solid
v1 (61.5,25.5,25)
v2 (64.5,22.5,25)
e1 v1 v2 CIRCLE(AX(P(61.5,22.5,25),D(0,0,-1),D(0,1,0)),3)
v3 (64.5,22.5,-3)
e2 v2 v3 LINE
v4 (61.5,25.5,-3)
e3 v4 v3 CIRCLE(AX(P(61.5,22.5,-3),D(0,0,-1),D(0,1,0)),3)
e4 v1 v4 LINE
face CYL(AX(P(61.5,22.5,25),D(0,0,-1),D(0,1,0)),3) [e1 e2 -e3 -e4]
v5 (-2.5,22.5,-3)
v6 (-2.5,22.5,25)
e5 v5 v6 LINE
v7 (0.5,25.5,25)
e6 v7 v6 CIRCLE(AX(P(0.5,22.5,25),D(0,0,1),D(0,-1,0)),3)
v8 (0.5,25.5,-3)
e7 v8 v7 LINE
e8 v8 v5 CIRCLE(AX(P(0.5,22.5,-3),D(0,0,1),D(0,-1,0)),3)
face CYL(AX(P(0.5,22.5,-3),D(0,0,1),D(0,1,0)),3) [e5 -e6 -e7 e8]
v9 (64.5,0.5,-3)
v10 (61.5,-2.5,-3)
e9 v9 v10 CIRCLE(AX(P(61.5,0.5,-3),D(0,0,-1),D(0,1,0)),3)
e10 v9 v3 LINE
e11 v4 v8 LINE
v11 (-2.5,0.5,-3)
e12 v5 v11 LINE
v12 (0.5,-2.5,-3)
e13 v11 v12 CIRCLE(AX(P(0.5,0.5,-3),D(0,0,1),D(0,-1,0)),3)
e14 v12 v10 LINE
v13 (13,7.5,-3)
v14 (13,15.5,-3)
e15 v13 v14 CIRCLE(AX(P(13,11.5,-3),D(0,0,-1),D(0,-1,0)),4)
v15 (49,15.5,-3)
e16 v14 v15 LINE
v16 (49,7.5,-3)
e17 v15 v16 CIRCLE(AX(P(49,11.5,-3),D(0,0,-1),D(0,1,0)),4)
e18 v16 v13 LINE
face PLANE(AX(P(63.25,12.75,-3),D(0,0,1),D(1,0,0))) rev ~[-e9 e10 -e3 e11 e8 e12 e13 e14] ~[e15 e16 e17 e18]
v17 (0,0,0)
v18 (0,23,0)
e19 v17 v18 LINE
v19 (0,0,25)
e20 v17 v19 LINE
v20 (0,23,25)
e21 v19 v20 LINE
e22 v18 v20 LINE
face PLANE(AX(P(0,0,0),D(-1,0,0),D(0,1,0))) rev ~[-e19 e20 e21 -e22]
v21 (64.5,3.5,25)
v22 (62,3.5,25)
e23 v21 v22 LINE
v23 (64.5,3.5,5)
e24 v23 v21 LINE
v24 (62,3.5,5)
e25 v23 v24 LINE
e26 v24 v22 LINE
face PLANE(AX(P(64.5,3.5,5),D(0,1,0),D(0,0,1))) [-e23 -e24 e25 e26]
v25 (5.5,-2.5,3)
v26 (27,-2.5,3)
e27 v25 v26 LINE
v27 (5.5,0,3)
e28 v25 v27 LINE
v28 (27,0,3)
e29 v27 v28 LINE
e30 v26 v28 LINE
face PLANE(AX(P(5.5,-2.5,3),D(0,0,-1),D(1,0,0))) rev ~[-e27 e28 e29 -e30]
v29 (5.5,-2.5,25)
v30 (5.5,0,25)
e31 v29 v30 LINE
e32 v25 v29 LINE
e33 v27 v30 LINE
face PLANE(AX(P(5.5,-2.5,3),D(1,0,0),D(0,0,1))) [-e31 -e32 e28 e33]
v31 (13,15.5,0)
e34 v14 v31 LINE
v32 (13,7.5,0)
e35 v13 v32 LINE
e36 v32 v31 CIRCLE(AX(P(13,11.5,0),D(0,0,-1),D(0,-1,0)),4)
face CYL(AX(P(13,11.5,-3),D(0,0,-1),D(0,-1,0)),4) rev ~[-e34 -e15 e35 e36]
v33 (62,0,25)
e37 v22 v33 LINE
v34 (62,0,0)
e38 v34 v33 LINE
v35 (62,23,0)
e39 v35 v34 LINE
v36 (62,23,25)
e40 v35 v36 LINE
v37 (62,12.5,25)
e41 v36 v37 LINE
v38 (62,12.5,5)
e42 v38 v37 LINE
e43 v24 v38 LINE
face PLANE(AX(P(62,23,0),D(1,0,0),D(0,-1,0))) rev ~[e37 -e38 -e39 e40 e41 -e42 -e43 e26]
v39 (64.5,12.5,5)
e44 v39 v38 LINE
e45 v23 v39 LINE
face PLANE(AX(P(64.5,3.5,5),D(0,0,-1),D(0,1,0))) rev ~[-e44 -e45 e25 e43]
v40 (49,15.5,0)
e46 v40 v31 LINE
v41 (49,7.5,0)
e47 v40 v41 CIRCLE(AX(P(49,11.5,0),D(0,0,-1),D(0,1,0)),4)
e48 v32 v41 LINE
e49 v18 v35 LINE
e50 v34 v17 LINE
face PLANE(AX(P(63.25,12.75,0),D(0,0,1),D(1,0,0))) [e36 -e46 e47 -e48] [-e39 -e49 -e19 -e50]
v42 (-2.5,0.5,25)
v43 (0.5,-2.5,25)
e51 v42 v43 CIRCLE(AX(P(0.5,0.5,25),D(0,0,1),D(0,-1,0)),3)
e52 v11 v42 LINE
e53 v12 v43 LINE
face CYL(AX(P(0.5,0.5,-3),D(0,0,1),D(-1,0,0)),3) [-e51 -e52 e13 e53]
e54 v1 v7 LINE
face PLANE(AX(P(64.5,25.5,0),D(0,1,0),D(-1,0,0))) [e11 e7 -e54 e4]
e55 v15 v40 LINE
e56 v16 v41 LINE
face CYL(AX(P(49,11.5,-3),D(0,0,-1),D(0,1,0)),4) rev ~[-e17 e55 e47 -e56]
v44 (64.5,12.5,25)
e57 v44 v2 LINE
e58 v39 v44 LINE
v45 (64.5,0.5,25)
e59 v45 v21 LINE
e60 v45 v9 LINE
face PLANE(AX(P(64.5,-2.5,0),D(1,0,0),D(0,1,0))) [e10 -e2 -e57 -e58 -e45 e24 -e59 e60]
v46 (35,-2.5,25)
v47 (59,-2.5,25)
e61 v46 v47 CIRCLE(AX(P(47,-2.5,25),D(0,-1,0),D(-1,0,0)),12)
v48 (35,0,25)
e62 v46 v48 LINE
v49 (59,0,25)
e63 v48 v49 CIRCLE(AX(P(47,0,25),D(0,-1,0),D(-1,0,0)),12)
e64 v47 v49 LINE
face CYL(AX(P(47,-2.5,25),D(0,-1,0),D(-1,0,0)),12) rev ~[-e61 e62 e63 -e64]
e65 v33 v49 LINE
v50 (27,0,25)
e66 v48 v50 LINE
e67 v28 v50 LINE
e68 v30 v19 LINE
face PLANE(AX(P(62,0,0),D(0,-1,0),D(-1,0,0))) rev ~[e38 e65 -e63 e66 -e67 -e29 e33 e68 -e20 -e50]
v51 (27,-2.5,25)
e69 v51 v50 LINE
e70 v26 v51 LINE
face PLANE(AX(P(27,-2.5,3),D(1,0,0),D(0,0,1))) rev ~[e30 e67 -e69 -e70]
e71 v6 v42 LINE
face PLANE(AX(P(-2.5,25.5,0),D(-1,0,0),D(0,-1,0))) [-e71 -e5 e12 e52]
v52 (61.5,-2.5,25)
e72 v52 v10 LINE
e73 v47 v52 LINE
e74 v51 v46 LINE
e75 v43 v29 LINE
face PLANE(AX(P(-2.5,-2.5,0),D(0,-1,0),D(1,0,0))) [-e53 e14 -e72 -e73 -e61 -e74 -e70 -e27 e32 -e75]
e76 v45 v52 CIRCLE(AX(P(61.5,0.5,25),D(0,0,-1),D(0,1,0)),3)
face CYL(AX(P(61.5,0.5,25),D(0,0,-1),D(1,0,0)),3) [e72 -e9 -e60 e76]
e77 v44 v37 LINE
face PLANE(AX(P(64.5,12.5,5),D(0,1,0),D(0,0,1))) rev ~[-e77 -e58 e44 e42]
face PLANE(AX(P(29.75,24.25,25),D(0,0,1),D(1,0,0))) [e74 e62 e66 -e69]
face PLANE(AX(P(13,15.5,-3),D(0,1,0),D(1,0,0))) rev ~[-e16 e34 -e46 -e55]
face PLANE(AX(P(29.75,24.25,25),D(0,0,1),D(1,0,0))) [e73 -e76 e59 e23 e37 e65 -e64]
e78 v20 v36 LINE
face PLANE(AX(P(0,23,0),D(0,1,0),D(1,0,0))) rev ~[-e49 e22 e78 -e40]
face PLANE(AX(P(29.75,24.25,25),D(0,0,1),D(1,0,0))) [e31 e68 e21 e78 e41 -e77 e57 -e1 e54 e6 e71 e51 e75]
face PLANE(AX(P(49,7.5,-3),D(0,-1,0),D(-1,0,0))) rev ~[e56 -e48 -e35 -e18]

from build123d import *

# Parameters (mm, degrees)
F1_DEPTH = 25
F0_W     = 62
F0_H     = 23
F2_DEPTH = 3
F4_DEPTH = 25
F5_W     = 21.5
F5_H     = 22
F6_DEPTH = 3
F7_W     = 9
F7_H     = 20
F8_DEPTH = 5
F9_R     = 3


with BuildPart() as f1:
    # F0 (on Top) → F1 (new body)
    with BuildSketch(Plane.XY):
        Polygon((-2.5, 23), (0, 23), (62, 23), (62, 25.5), (-2.5, 25.5), align=None)
        Polygon((0, -2.5), (0, 0), (0, 23), (-2.5, 23), (-2.5, -2.5), align=None)
        Polygon((62, 0), (0, 0), (0, -2.5), (64.5, -2.5), (64.5, 0), align=None)
        Polygon((62, 23), (62, 0), (64.5, 0), (64.5, 25.5), (62, 25.5), align=None)
    extrude(amount=F1_DEPTH)

    # F0 (on Top) → F2 (join)
    with BuildSketch(Plane.XY):
        Polygon((62, 23), (62, 0), (64.5, 0), (64.5, 25.5), (62, 25.5), align=None)
        with Locations((31, 11.5)):
            Rectangle(F0_W, F0_H)
        Polygon((62, 0), (0, 0), (0, -2.5), (64.5, -2.5), (64.5, 0), align=None)
        Polygon((0, -2.5), (0, 0), (0, 23), (-2.5, 23), (-2.5, -2.5), align=None)
        Polygon((-2.5, 23), (0, 23), (62, 23), (62, 25.5), (-2.5, 25.5), align=None)
    extrude(amount=-F2_DEPTH)

    # F3 (on face) → F4 (cut)
    with BuildSketch(Plane(origin=(0, 0, -3), x_dir=(1, 0, 0), z_dir=(0, 0, -1))):
        with BuildLine():
            Line((49, -7.5), (31, -7.5))
            Line((31, -7.5), (13, -7.5))
            ThreePointArc((13, -7.5), (9, -11.5), (13, -15.5))
            Line((13, -15.5), (31, -15.5))
            Line((31, -15.5), (49, -15.5))
            ThreePointArc((49, -15.5), (53, -11.5), (49, -7.5))
        make_face()
    extrude(amount=-F4_DEPTH, mode=Mode.SUBTRACT)

    # F5 (on face) → F6 (cut)
    with BuildSketch(Plane.XZ.offset(2.5)):
        with Locations((16.25, 14)):
            Rectangle(F5_W, F5_H)
        with BuildLine():
            Line((59, 25), (35, 25))
            ThreePointArc((35, 25), (47, 13), (59, 25))
        make_face()
    extrude(amount=-F6_DEPTH, mode=Mode.SUBTRACT)

    # F7 (on face) → F8 (cut)
    with BuildSketch(Plane.YZ.offset(64.5)):
        with Locations((8, 15)):
            Rectangle(F7_W, F7_H)
    extrude(amount=-F8_DEPTH, mode=Mode.SUBTRACT)

    # F9
    f9_edges = [f1.edges().sort_by_distance(p)[0] for p in [
        (64.5, -2.5, 11),
        (64.5, 25.5, 11),
        (-2.5, 25.5, 11),
        (-2.5, -2.5, 11),
    ]]
    fillet(f9_edges, radius=F9_R)


solid = f1.part
